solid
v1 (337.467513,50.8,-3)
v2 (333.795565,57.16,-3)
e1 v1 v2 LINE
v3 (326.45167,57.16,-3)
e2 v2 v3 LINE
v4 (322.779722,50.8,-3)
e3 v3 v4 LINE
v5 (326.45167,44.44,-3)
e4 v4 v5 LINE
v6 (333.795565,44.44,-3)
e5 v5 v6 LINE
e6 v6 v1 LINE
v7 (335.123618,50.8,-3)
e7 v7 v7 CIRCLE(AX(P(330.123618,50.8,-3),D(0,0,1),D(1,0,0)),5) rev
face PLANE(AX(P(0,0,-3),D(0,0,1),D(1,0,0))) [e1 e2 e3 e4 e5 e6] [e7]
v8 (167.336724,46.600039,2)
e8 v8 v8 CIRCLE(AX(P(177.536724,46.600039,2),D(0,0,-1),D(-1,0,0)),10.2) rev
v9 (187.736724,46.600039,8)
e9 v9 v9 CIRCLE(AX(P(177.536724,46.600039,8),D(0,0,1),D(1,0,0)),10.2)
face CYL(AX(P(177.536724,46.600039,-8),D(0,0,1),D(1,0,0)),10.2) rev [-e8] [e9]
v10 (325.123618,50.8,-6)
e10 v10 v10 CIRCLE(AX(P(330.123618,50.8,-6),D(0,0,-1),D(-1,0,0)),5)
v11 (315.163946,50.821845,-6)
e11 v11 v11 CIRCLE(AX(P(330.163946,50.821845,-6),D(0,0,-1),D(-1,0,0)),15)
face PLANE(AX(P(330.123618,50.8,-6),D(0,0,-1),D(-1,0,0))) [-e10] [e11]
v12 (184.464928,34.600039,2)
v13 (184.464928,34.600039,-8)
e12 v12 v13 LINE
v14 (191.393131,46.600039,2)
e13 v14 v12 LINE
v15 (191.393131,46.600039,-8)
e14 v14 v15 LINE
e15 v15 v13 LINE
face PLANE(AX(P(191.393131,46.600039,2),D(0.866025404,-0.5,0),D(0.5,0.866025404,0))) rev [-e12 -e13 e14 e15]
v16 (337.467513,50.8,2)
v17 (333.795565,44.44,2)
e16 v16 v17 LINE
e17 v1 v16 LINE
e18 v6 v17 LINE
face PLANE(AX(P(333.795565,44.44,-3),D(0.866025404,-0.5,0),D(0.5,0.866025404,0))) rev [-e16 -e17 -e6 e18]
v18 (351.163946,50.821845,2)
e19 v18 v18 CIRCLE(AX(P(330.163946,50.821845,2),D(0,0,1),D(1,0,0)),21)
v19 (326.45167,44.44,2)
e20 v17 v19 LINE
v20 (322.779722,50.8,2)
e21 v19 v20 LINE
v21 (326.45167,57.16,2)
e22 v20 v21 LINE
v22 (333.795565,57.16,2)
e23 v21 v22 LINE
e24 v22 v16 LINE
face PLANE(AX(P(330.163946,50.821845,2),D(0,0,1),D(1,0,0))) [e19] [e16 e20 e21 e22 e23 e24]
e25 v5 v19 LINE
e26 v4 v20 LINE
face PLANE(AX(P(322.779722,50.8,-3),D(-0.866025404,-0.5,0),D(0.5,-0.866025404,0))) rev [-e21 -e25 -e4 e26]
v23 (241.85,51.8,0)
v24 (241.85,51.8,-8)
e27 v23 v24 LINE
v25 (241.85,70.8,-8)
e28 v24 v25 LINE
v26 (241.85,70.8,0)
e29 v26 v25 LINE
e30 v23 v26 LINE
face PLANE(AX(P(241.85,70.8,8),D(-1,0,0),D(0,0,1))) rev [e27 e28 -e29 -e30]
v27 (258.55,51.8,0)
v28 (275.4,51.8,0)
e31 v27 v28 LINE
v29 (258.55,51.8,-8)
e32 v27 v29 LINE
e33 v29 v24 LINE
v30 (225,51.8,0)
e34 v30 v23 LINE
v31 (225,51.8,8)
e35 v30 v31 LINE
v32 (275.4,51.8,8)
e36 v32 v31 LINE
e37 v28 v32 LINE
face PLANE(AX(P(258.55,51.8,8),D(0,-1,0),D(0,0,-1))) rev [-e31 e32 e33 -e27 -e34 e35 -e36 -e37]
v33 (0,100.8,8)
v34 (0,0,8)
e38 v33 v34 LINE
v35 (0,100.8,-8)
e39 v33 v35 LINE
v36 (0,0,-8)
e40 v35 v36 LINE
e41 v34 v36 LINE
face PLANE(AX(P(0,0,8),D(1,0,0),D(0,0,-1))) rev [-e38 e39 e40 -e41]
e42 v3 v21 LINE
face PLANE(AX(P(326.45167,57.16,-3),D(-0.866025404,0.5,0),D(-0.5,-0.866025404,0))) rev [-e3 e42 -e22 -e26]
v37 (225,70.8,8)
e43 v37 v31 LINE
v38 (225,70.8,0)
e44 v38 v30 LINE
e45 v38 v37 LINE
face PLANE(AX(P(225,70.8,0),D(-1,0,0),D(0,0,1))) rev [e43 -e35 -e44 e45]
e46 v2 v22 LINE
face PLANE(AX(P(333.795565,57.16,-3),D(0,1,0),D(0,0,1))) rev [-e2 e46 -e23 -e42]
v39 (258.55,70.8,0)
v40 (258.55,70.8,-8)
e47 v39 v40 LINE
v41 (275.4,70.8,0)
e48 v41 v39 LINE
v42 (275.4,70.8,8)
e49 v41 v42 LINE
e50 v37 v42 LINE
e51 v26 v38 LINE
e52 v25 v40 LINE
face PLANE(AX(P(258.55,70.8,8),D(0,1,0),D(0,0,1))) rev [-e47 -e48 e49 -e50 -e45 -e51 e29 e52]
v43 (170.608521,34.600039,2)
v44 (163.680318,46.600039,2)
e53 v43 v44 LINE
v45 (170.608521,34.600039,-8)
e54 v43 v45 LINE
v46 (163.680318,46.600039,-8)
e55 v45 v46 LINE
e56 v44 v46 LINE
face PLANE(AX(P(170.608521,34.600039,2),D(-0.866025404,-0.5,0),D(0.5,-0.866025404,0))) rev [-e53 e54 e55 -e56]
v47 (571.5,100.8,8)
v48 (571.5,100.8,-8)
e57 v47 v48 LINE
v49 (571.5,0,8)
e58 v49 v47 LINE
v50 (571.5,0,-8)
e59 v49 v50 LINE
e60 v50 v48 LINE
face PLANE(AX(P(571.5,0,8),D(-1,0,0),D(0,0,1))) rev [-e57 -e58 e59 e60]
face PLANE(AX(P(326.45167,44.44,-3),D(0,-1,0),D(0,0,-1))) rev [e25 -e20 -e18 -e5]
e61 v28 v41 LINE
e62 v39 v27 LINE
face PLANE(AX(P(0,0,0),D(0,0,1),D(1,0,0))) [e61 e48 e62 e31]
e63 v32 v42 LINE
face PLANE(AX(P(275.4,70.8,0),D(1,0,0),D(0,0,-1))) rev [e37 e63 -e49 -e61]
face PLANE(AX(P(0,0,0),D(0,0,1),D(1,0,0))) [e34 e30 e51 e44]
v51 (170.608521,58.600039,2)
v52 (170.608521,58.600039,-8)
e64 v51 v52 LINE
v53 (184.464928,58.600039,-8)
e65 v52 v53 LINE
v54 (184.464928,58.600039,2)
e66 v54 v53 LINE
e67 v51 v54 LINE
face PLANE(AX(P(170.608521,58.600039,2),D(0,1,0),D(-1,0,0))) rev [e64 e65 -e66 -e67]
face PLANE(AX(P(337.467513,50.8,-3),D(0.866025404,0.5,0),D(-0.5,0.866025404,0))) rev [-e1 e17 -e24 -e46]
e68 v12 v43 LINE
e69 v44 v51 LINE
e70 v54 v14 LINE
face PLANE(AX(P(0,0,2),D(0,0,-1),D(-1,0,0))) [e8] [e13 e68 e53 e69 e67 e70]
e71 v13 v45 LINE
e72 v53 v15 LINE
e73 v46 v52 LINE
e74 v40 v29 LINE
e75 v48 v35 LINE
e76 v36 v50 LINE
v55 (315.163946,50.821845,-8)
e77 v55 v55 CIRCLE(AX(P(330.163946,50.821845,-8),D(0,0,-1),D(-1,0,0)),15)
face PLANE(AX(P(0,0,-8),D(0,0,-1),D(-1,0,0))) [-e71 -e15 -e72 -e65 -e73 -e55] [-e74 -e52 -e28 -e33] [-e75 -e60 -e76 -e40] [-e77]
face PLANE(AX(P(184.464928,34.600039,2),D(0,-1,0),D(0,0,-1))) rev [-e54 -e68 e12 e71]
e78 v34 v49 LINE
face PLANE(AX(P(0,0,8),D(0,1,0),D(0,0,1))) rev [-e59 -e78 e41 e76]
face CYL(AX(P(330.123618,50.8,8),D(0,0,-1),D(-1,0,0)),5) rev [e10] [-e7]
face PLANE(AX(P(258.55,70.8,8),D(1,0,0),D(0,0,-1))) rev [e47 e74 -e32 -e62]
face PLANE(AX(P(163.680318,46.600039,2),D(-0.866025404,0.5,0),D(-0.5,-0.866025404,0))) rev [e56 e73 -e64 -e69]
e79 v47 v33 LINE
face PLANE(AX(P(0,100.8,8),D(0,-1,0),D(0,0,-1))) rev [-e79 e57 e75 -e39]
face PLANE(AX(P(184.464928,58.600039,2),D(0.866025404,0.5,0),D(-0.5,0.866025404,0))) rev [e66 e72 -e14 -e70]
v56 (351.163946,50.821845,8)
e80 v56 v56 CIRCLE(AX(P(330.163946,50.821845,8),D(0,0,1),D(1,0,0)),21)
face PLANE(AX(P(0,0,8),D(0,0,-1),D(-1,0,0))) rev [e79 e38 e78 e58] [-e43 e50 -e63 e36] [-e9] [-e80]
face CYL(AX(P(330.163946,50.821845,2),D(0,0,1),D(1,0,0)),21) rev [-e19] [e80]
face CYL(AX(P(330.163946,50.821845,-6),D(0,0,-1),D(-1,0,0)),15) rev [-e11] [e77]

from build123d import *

# Parameters (mm, degrees)
SKETCH1_W                  = 571.5
SKETCH1_H                  = 100.8
BOSS_EXTRUDE1_DEPTH        = 8
SKETCH4_R                  = 7.5
CUT_EXTRUDE3_DEPTH         = 2
SKETCH5_R                  = 5
CUT_EXTRUDE4_DEPTH         = 581.490215249
CUT_EXTRUDE5_DEPTH         = 11
SKETCH9_R                  = 10.2
POWER_AND_USB_CABLES_DEPTH = 581.541893406
SKETCH10_R                 = 21
CUT_EXTRUDE6_DEPTH         = 6
CUT_EXTRUDE8_DEPTH         = 10
CUT_EXTRUDE9_DEPTH         = 581.541893406
CUT_EXTRUDE9_DEPTH_BACK    = 581.541893406
SKETCH13_W                 = 16.7
SKETCH13_H                 = 19
SKETCH14_W                 = 50.4
SKETCH14_H                 = 19
CUT_EXTRUDE10_DEPTH        = 8
SKETCH15_R                 = 15
CUT_EXTRUDE11_DEPTH        = 2


with BuildPart() as part:
    # Sketch1 → Boss-Extrude1 (new, symmetric)
    with BuildSketch(Plane.XY):
        with Locations((285.75, 50.4)):
            Rectangle(SKETCH1_W, SKETCH1_H)
    extrude(amount=BOSS_EXTRUDE1_DEPTH, both=True)

    # Sketch4 → Cut-Extrude3 (cut)
    with BuildSketch(Plane(origin=(0, 0, -8), x_dir=(-1, 0, 0), z_dir=(0, 0, -1))):
        with Locations((-330.123617772, 50.8)):
            Circle(SKETCH4_R)
    extrude(amount=-CUT_EXTRUDE3_DEPTH, mode=Mode.SUBTRACT)

    # Sketch5 → Cut-Extrude4 (cut, through all)
    with BuildSketch(Plane(origin=(0, 0, -6), x_dir=(-1, 0, 0), z_dir=(0, 0, -1))):
        with Locations((-330.123617772, 50.8)):
            Circle(SKETCH5_R)
    extrude(amount=-CUT_EXTRUDE4_DEPTH, mode=Mode.SUBTRACT)

    # Sketch6 → Cut-Extrude5 (cut)
    with BuildSketch(Plane.XY.offset(8)):
        Polygon((337.467513196, 50.8), (333.795565484, 57.16), (326.45167006, 57.16), (322.779722348, 50.8), (326.45167006, 44.44), (333.795565484, 44.44), align=None)
    extrude(amount=-CUT_EXTRUDE5_DEPTH, mode=Mode.SUBTRACT)

    # Sketch9 → power and usb cables (cut, through all)
    with BuildSketch(Plane.XY.offset(8)):
        with Locations((177.536724471, 46.600039321)):
            Circle(SKETCH9_R)
    extrude(amount=-POWER_AND_USB_CABLES_DEPTH, mode=Mode.SUBTRACT)

    # Sketch10 → Cut-Extrude6 (cut)
    with BuildSketch(Plane.XY.offset(8)):
        with Locations((330.16394587, 50.821844921)):
            Circle(SKETCH10_R)
    extrude(amount=-CUT_EXTRUDE6_DEPTH, mode=Mode.SUBTRACT)

    # Sketch12 → Cut-Extrude8 (cut)
    with BuildSketch(Plane(origin=(0, 0, -8), x_dir=(-1, 0, 0), z_dir=(0, 0, -1))):
        Polygon((-163.68031801, 46.600039321), (-170.608521241, 58.600039321), (-184.464927701, 58.600039321), (-191.393130932, 46.600039321), (-184.464927701, 34.600039321), (-170.608521241, 34.600039321), align=None)
    extrude(amount=-CUT_EXTRUDE8_DEPTH, mode=Mode.SUBTRACT)

    # Sketch13 → Cut-Extrude9 (cut, two sides: drawn at the far end of the back side and taken through both)
    with BuildSketch(Plane(origin=(0, 0, -8), x_dir=(-1, 0, 0), z_dir=(0, 0, -1)).offset(-CUT_EXTRUDE9_DEPTH_BACK)):
        with Locations((-250.2, 61.3)):
            Rectangle(SKETCH13_W, SKETCH13_H)
    extrude(amount=CUT_EXTRUDE9_DEPTH + CUT_EXTRUDE9_DEPTH_BACK, mode=Mode.SUBTRACT)

    # Sketch14 → Cut-Extrude10 (cut)
    with BuildSketch(Plane.XY.offset(8)):
        with Locations((250.2, 61.3)):
            Rectangle(SKETCH14_W, SKETCH14_H)
    extrude(amount=-CUT_EXTRUDE10_DEPTH, mode=Mode.SUBTRACT)

    # Sketch15 → Cut-Extrude11 (cut)
    with BuildSketch(Plane(origin=(0, 0, -8), x_dir=(-1, 0, 0), z_dir=(0, 0, -1))):
        with Locations((-330.16394587, 50.821844921)):
            Circle(SKETCH15_R)
    extrude(amount=-CUT_EXTRUDE11_DEPTH, mode=Mode.SUBTRACT)


solid = part.part
